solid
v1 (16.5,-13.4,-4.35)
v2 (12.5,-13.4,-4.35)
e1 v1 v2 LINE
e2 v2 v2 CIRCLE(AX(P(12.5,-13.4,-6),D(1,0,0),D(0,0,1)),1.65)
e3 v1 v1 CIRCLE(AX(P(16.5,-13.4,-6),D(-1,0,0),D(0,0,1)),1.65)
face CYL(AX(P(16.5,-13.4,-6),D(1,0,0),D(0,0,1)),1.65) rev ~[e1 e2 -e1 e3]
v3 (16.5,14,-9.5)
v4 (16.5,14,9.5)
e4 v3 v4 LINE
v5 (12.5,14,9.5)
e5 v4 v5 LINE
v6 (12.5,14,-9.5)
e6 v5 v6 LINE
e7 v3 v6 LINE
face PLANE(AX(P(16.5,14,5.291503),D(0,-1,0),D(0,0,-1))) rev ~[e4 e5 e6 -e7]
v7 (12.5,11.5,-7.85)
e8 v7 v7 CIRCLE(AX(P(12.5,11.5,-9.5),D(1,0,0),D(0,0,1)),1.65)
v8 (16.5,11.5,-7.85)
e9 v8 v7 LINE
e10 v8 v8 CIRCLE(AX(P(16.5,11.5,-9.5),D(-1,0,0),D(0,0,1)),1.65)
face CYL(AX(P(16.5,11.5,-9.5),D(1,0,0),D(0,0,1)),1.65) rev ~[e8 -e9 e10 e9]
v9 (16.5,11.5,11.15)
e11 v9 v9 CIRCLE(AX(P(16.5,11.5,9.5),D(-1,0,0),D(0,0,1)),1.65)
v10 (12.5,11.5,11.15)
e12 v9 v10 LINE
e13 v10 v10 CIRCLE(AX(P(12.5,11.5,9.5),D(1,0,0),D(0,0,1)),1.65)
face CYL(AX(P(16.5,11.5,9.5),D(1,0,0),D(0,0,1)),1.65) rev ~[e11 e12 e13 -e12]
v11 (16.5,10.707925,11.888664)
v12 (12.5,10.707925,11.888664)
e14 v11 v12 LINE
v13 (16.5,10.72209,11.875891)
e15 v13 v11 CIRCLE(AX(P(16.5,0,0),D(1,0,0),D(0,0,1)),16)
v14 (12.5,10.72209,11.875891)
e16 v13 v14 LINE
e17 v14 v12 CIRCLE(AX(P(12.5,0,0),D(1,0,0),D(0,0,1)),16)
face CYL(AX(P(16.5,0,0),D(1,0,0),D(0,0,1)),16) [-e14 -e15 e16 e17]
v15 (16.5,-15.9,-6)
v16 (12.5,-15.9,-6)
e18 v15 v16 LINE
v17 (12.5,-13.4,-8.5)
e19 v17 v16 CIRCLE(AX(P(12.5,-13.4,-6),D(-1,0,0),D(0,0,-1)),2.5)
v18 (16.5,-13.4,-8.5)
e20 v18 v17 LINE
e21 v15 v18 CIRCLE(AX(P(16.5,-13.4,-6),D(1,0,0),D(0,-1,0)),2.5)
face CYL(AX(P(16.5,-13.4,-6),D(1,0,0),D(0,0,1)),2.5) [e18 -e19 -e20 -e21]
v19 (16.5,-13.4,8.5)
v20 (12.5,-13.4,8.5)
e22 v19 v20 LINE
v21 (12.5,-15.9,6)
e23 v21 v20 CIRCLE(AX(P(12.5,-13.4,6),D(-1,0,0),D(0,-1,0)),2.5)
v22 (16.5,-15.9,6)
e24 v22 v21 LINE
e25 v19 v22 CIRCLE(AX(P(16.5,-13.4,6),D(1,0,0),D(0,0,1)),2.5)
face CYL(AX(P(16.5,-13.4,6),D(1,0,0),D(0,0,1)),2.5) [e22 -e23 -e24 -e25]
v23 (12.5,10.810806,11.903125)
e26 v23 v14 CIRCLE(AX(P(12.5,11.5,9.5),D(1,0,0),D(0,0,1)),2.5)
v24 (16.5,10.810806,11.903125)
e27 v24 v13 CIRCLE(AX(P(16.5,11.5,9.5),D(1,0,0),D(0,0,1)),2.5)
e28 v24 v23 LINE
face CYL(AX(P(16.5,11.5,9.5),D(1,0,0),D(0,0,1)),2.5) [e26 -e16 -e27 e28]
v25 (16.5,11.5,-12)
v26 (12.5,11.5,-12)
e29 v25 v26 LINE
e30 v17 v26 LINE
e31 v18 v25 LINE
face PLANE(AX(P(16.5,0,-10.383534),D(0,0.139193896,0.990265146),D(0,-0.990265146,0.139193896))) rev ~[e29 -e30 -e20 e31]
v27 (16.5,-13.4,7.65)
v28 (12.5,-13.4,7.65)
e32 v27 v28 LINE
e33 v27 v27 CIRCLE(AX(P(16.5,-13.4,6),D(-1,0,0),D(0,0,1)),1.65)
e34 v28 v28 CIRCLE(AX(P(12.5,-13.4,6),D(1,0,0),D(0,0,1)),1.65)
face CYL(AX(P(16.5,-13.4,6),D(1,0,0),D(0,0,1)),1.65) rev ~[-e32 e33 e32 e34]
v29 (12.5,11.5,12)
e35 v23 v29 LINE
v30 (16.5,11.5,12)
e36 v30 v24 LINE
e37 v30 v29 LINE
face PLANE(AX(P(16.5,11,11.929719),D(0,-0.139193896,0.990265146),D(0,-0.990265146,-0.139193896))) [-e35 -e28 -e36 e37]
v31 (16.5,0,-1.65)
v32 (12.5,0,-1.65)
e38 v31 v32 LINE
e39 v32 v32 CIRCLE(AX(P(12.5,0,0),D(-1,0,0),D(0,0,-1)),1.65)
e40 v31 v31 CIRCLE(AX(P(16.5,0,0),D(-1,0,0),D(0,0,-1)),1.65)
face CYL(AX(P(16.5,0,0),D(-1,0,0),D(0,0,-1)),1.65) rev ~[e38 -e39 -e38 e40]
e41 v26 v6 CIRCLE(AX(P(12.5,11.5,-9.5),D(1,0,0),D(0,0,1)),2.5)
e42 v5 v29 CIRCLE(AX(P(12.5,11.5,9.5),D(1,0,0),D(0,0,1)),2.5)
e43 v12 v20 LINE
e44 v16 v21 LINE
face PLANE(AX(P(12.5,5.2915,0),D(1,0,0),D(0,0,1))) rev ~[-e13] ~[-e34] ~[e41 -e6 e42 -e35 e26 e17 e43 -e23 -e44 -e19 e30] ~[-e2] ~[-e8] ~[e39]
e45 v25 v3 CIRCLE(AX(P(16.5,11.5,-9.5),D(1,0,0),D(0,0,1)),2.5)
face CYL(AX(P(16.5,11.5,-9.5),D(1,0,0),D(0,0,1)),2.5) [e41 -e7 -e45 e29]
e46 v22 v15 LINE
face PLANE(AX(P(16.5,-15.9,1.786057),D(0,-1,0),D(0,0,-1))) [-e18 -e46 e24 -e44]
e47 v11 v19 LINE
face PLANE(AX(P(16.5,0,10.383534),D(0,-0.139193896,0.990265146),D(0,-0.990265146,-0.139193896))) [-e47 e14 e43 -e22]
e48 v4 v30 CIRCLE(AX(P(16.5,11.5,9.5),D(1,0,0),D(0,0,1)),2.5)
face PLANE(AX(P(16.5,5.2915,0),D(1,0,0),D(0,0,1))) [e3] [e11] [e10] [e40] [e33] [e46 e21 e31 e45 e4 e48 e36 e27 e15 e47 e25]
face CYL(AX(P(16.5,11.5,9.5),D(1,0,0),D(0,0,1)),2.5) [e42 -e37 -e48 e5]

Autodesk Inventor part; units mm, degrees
ref_plane "YZ Plane" through (0, 0, 0) normal (1, 0, 0) x (0, 1, 0)
ref_plane "XZ Plane" through (0, 0, 0) normal (0, 1, 0) x (-1, 0, 0)
ref_plane "XY Plane" through (0, 0, 0) normal (0, 0, 1) x (1, 0, 0)
sketch "スケッチ2" plane through (0, 0, 0) normal (0, 1, 0) x (-1, 0, 0)
  line L0 (-32.5, -11.25) -> (32.5, -11.25)
  line L1 (32.5, -11.25) -> (32.5, 11.25)
  line L2 (32.5, 11.25) -> (-32.5, 11.25)
  line L3 (-32.5, 11.25) -> (-32.5, -11.25)
  line L4 (-32.5, -11.25) -> (32.5, 11.25) construction
  line L5 (32.5, -11.25) -> (-32.5, 11.25) construction
  line L6 (-30, -8.75) -> (30, -8.75)
  line L7 (30, -8.75) -> (30, 8.75)
  line L8 (30, 8.75) -> (-30, 8.75)
  line L9 (-30, 8.75) -> (-30, -8.75)
  line L10 (-30, -8.75) -> (30, 8.75) construction
  line L11 (30, -8.75) -> (-30, 8.75) construction
  circle A0 centre (30, 8.75) radius 2.5
  circle A1 centre (30, -8.75) radius 2.5
  circle A2 centre (-30, 8.75) radius 2.5
  circle A3 centre (-30, -8.75) radius 2.5
  line L12 (-115, -18.25) -> (115, -18.25)
  line L13 (115, -18.25) -> (115, 18.25)
  line L14 (115, 18.25) -> (-115, 18.25)
  line L15 (-115, 18.25) -> (-115, -18.25)
  line L16 (-115, -18.25) -> (115, 18.25) construction
  line L17 (115, -18.25) -> (-115, 18.25) construction
  line L18 (-95, -18.25) -> (95, -18.25)
  line L19 (95, -18.25) -> (95, 18.25)
  line L20 (95, 18.25) -> (-95, 18.25)
  line L21 (-95, 18.25) -> (-95, -18.25)
  line L22 (-95, -18.25) -> (95, 18.25) construction
  line L23 (95, -18.25) -> (-95, 18.25) construction
  point P0 (0, 0)
  dimension "d10" = 65
  dimension "d11" = 22.5
  dimension "d12" = 60
  dimension "d13" = 17.5
  dimension "d14" = 230
  dimension "d15" = 36.5
  dimension "d16" = 190
sketch "スケッチ4" plane through (0, 0, 0) normal (1, 0, 0) x (0, 1, 0)
  point P0 (0, 0)
sketch "スケッチ5" plane through (0, 0, 0) normal (1, 0, 0) x (0, 1, 0)
  circle A0 centre (0, 0) radius 18.25
  line L0 (0, 0) -> (0, 6)
  line L1 (0, 6) -> (0, -6)
  circle A1 centre (0, 6) radius 3
  circle A2 centre (0, -6) radius 9
  circle A3 centre (0, 6) radius 9
  circle A4 centre (0, -6) radius 3
  line L2 (0, 6) -> (5.2915, 0)
  circle A5 centre (5.2915, 0) radius 5
  circle A6 centre (5.2915, 0) radius 4.5
  circle A7 centre (5.2915, 0) radius 5.5
  line L3 (0, 0) -> (0, 11.25)
  line L4 (0, 11.25) -> (0, -11.25)
  line L5 (5.2915, 5.5) -> (5.2915, -5.5)
  line L6 (0, 11.25) -> (-1.2, 11.25)
  line L7 (-1.2, 11.25) -> (-1.2, -11.25)
  line L8 (-1.2, -11.25) -> (0, -11.25)
  line L9 (-1.2, 11.25) -> (-9.2, 11.25)
  line L10 (-1.2, -11.25) -> (-9.2, -11.25)
  line L11 (-9.2, -11.25) -> (-9.2, 11.25)
  line L12 (-9.2, 11.25) -> (-10.4, 11.25)
  line L13 (-10.4, 11.25) -> (-10.4, -11.25)
  line L14 (-10.4, -11.25) -> (-9.2, -11.25)
  circle A8 centre (0, 0) radius 16
  line L15 (0, 11.25) -> (1.5, 11.25)
  line L16 (1.5, 11.25) -> (1.5, -11.25)
  line L17 (1.5, -11.25) -> (0, -11.25)
  line L18 (5.2915, 5.5) -> (1.5, 5.5)
  line L19 (5.2915, -5.5) -> (1.5, -5.5)
  circle A9 centre (5.2915, 0) radius 6.6802
  point P0 (0, 1.5)
  point P1 (0, -1.5)
  point P2 (1.5, -3.9843)
  point P3 (1.5, 3.9843)
  dimension "d28" = 36.5
  dimension "d29" = 6
  dimension "d30" = 12
  dimension "d31" = 6
  dimension "d32" = 18
  dimension "d33" = 8
  dimension "d34" = 9
  dimension "d35" = 11
  dimension "d36" = 11.25
  dimension "d37" = 22.5
  dimension "d39" = 1.2
  dimension "d40" = 8
  dimension "d41" = 1.2
  dimension "d42" = 32
  dimension "d43" = 1.5
ref_plane "作業平面1" through (16.5, 5.2915, 0) normal (1, 0, 0) x (0, 0, 1)
sketch "スケッチ6" plane through (16.5, 5.2915, 0) normal (1, 0, 0) x (0, 0, 1)
  line L0 (0, 5.2915) -> (6, 5.2915)
  line L1 (-11.25, 5.2915) -> (11.25, 5.2915) projected
  line L2 (6, 5.2915) -> (-6, 5.2915)
  circle A0 centre (6, 5.2915) radius 1.05
  circle A1 centre (-6, 5.2915) radius 1.05
  circle A2 centre (0, 5.2915) radius 16
  circle A3 centre (0, 0) radius 5
  line L3 (0, 0) -> (0, 3)
  line L4 (0, 3) -> (0, -5.5)
  arc A4 (-5.5, 0) -> (5.5, 0) centre (0, 0) ccw projected
  line L5 (0, 3) -> (1, 3)
  line L6 (1, 3) -> (-1, 3)
  line L7 (-1, 3) -> (-1, -5.4083)
  line L8 (1, 3) -> (1, -5.4083)
  circle A5 centre (6, 5.2915) radius 9
  circle A6 centre (-6, 5.2915) radius 9
  line L9 (0, 5.2915) -> (0, -2.7085)
  circle A7 centre (0, -2.7085) radius 8
  circle A8 centre (6, 5.2915) radius 10
  circle A9 centre (-6, 5.2915) radius 10
  line L10 (0, 5.2915) -> (0, -5.7085)
  line L11 (0, -5.7085) -> (-11.619, -5.7085)
  line L12 (0, -5.7085) -> (11.619, -5.7085)
  line L13 (0, -5.7085) -> (9.5, -5.7085)
  line L14 (9.5, -5.7085) -> (-9.5, -5.7085)
  circle A10 centre (0, 5.2915) radius 18
  line L15 (1, -5.4083) -> (1, -8.2085)
  line L16 (-1, -5.4083) -> (-1, -8.2085)
  line L17 (0, 5.2915) -> (0, 6.4915)
  line L18 (0, 6.4915) -> (0, 14.4915)
  line L19 (0, 14.4915) -> (0, 15.6915)
  line L20 (0, 15.6915) -> (-11.25, 15.6915)
  line L21 (-11.25, 15.6915) -> (11.25, 15.6915)
  line L22 (11.25, 15.6915) -> (11.25, 14.4915)
  line L23 (11.25, 14.4915) -> (0, 14.4915)
  line L24 (-11.25, 14.4915) -> (-11.25, 15.6915)
  line L25 (0, 14.4915) -> (-11.25, 14.4915)
  line L26 (0, 15.6915) -> (8.75, 15.6915)
  line L27 (8.75, 15.6915) -> (-8.75, 15.6915)
  line L28 (11.25, 15.6915) -> (11.25, 17.1915)
  line L29 (11.25, 17.1915) -> (-11.25, 17.1915)
  line L30 (-11.25, 17.1915) -> (-11.25, 15.6915)
  line L31 (6, 17.1915) -> (6, 18.6915)
  line L32 (-6, 17.1915) -> (-6, 18.6915)
  circle A11 centre (6, 18.6915) radius 2.5
  circle A12 centre (-6, 18.6915) radius 2.5
  line L33 (6, 21.1915) -> (-6, 21.1915)
  line L34 (9.5, -5.7085) -> (12, -5.7085)
  line L35 (-9.5, -5.7085) -> (-12, -5.7085)
  line L36 (6, 18.6915) -> (8.5, 18.6915)
  line L37 (-6, 18.6915) -> (-8.5, 18.6915)
  circle A13 centre (0, 0) radius 4.5
  circle A14 centre (-6, 5.2915) radius 1.5
  circle A15 centre (6, 5.2915) radius 1.5
  circle A16 centre (6, 18.6915) radius 1.65
  circle A17 centre (-6, 18.6915) radius 1.65
  line L38 (9.5, -5.7085) -> (9.5, -6.2085)
  line L39 (9.5, -6.2085) -> (-9.5, -6.2085)
  line L40 (-9.5, -6.2085) -> (-9.5, -5.7085)
  circle A18 centre (-9.5, -6.2085) radius 1.65
  circle A19 centre (9.5, -6.2085) radius 1.65
  circle A20 centre (9.5, -6.2085) radius 2.5
  circle A21 centre (-9.5, -6.2085) radius 2.5
  line L41 (-12, -6.2085) -> (-8.5, 18.6915)
  line L42 (12, -6.2085) -> (8.5, 18.6915)
  line L43 (9.5, -8.7085) -> (-9.5, -8.7085)
  line L44 (1, -8.7085) -> (1, -8.0358)
  line L45 (-1, -8.7085) -> (-1, -8.2085)
  point P0 (1, -4.3875)
  point P1 (-1, -4.3875)
  point P2 (-4.4567, 20.6583)
  point P3 (-8.495, 18.8501)
  point P4 (4.4567, 20.6583)
  point P5 (8.495, 18.8501)
  point P6 (1.7861, 21.1915)
  point P7 (-1.7861, 21.1915)
  point P8 (11.9031, -5.5193)
  point P9 (11.8759, -5.4306)
  point P10 (11.8887, -5.4164)
  dimension "d54" = 6
  dimension "d55" = 12
  dimension "d56" = 2.1
  dimension "d57" = 2.1
  dimension "d58" = 32
  dimension "d59" = 10
  dimension "d60" = 3
  dimension "d61" = 1
  dimension "d62" = 2
  dimension "d65" = 18
  dimension "d66" = 18
  dimension "d67" = 8
  dimension "d68" = 11
  dimension "d69" = 9.5
  dimension "d70" = 19
  dimension "d73" = 36
  dimension "d76" = 1.2
  dimension "d77" = 8
  dimension "d78" = 1.2
  dimension "d79" = 8.75
  dimension "d80" = 17.5
  dimension "d81" = 1.5
  dimension "d82" = 1.5
  dimension "d83" = 5
  dimension "d84" = 5
  dimension "d97" = 3
  dimension "d98" = 3
  dimension "d109" = 3.3
  dimension "d110" = 3.3
  dimension "d111" = 0.5
  dimension "d112" = 3.3
  dimension "d113" = 3.3
  dimension "d114" = 5
  dimension "d115" = 5
extrude "押し出し11" add sketch "スケッチ6" against normal blind 4 contours L17 L18 A6 L0 | A7 A5 L1 | A7 A6 A3 L9 | L0 A6 A7 | L9 A3 A5 A7 | L1 A5 L18 L17 | A6 A5 A9 L0 | L0 A9 A7 A6 | A5 A7 A8 L1 | L1 A8 A6 A5 | L9 A13 A5 A3 | A3 A6 A13 L9 | A7 A9 A3 A6 | A5 A3 A8 A7 | A9 A5 L42 L1 A15 L0 | L0 A15 L1 L42 A5 A7 A9 | L18 A9 A5 | A6 A8 L18 | A8 A7 A6 L41 L1 A14 | L1 A14 L41 A6 A8 | A3 A9 A13 A6 | A5 A13 A8 A3 | A13 A6 L8 L5 L9 | L9 L6 L7 A5 A13 | A7 A5 A3 A9 | A8 A3 A6 A7 | A15 L1 A0 L0 | L0 A0 L1 A15 | A9 A8 L23 L42 A5 | A6 L41 L25 A9 A8 | L18 L23 A8 | A9 L25 L18 | A14 L1 A1 | L1 A1 A14 | A3 A5 A13 A9 | A13 A9 L8 A6 | A8 A13 A6 A3 | A5 L7 A8 A13 | L5 L8 A6 L4 L3 | L3 L4 A5 L7 L6 | A7 A21 A9 L41 A6 | A6 A4 A9 A21 A7 | A0 L1 L0 | L0 L1 A0 | L23 L19 L21 L42 A8 | A8 L42 L23 | L25 L41 A9 | A9 L41 L20 L19 L25 | A1 L1 | L1 A1 | A13 A5 L8 A9 | L8 A9 A5 A6 | A6 A13 A9 A3 | A3 A9 A4 A6 | A8 L7 A6 A13 | A5 A6 A8 L7 | A7 A20 A8 A4 A5 | A5 L42 A8 A20 A7 | A21 A9 A7 | A7 A9 A21 | L20 L41 L29 A12 A11 L42 L21 | A5 A4 A8 A3 | A3 A8 A13 A5 | L8 A5 A9 | A5 A9 L4 | L4 A8 A6 | A9 A13 L7 A3 | A3 L7 A4 A9 | A6 L7 A9 A13 | A8 A6 L7 | A20 A8 A7 | A7 A8 A20 | A9 A21 A2 L41 | A4 L16 L11 A21 A9 | A9 A21 L11 A7 | A7 L11 A18 A2 A21 A9 | A8 A4 L8 A3 | A3 L8 A13 A8 | A13 A8 L8 A5 | L8 A8 A9 A5 | A8 L8 A13 L4 | A9 L7 A6 A8 | L4 A13 L7 A9 | L7 A13 L4 A3 | A3 L4 A4 L7 | A9 L7 A13 | A8 A20 L12 L15 A4 | L42 A2 A20 A8 | A8 A20 A2 L12 A19 A7 | A7 L12 A20 A8 | A2 A21 L41 | A4 L10 L11 L16 | L11 A21 L39 A7 | A7 L39 A18 L11 | L11 L16 L39 A21 | A2 L35 L41 A21 | L29 A11 L42 | L41 A12 L29 | L8 A4 L4 A3 | A3 L4 A13 L8 | A13 L8 A8 | L15 L12 L10 A4 | L12 A19 L39 A7 | A7 L39 A20 L12 | A20 L42 L34 A2 | A20 L39 L15 L12 | L11 L12 L15 L39 L16 | L39 A21 A7 | A7 A21 A2 A18 L39 | L39 L16 L45 L43 A7 A21 | L11 A18 A2 | A2 A18 A21 L41 L35 | A11 L29 A16 | L29 A16 L36 A11 | L36 A16 A2 A11 | A12 L37 A17 L29 | L29 A17 A12 | A12 A2 A17 L37 | L39 A19 A2 A20 A7 | A7 A20 L39 | L34 L42 A20 A2 A19 | A2 A19 L12 | A20 A7 L43 L44 L15 L39 | L39 L15 L44 L43 L45 L16 | A7 L43 A2 A21 | A2 A16 A11 | A11 A2 A16 L29 | L29 A12 A2 L33 A11 | L29 A17 A2 A12 | A12 A2 A17 | A20 A2 L43 A7 | A2 L43 A21 | A11 A2 L33 | L33 A2 A12 | A20 L43 A2 picked at (5.1751, 14.7127) picked at (-5.1751, 14.7127)
hole "穴2" at (16.5, 0, 0) direction (-1, 0, 0) diameter 3.3 end through all
properties part number "ikafly1c"
